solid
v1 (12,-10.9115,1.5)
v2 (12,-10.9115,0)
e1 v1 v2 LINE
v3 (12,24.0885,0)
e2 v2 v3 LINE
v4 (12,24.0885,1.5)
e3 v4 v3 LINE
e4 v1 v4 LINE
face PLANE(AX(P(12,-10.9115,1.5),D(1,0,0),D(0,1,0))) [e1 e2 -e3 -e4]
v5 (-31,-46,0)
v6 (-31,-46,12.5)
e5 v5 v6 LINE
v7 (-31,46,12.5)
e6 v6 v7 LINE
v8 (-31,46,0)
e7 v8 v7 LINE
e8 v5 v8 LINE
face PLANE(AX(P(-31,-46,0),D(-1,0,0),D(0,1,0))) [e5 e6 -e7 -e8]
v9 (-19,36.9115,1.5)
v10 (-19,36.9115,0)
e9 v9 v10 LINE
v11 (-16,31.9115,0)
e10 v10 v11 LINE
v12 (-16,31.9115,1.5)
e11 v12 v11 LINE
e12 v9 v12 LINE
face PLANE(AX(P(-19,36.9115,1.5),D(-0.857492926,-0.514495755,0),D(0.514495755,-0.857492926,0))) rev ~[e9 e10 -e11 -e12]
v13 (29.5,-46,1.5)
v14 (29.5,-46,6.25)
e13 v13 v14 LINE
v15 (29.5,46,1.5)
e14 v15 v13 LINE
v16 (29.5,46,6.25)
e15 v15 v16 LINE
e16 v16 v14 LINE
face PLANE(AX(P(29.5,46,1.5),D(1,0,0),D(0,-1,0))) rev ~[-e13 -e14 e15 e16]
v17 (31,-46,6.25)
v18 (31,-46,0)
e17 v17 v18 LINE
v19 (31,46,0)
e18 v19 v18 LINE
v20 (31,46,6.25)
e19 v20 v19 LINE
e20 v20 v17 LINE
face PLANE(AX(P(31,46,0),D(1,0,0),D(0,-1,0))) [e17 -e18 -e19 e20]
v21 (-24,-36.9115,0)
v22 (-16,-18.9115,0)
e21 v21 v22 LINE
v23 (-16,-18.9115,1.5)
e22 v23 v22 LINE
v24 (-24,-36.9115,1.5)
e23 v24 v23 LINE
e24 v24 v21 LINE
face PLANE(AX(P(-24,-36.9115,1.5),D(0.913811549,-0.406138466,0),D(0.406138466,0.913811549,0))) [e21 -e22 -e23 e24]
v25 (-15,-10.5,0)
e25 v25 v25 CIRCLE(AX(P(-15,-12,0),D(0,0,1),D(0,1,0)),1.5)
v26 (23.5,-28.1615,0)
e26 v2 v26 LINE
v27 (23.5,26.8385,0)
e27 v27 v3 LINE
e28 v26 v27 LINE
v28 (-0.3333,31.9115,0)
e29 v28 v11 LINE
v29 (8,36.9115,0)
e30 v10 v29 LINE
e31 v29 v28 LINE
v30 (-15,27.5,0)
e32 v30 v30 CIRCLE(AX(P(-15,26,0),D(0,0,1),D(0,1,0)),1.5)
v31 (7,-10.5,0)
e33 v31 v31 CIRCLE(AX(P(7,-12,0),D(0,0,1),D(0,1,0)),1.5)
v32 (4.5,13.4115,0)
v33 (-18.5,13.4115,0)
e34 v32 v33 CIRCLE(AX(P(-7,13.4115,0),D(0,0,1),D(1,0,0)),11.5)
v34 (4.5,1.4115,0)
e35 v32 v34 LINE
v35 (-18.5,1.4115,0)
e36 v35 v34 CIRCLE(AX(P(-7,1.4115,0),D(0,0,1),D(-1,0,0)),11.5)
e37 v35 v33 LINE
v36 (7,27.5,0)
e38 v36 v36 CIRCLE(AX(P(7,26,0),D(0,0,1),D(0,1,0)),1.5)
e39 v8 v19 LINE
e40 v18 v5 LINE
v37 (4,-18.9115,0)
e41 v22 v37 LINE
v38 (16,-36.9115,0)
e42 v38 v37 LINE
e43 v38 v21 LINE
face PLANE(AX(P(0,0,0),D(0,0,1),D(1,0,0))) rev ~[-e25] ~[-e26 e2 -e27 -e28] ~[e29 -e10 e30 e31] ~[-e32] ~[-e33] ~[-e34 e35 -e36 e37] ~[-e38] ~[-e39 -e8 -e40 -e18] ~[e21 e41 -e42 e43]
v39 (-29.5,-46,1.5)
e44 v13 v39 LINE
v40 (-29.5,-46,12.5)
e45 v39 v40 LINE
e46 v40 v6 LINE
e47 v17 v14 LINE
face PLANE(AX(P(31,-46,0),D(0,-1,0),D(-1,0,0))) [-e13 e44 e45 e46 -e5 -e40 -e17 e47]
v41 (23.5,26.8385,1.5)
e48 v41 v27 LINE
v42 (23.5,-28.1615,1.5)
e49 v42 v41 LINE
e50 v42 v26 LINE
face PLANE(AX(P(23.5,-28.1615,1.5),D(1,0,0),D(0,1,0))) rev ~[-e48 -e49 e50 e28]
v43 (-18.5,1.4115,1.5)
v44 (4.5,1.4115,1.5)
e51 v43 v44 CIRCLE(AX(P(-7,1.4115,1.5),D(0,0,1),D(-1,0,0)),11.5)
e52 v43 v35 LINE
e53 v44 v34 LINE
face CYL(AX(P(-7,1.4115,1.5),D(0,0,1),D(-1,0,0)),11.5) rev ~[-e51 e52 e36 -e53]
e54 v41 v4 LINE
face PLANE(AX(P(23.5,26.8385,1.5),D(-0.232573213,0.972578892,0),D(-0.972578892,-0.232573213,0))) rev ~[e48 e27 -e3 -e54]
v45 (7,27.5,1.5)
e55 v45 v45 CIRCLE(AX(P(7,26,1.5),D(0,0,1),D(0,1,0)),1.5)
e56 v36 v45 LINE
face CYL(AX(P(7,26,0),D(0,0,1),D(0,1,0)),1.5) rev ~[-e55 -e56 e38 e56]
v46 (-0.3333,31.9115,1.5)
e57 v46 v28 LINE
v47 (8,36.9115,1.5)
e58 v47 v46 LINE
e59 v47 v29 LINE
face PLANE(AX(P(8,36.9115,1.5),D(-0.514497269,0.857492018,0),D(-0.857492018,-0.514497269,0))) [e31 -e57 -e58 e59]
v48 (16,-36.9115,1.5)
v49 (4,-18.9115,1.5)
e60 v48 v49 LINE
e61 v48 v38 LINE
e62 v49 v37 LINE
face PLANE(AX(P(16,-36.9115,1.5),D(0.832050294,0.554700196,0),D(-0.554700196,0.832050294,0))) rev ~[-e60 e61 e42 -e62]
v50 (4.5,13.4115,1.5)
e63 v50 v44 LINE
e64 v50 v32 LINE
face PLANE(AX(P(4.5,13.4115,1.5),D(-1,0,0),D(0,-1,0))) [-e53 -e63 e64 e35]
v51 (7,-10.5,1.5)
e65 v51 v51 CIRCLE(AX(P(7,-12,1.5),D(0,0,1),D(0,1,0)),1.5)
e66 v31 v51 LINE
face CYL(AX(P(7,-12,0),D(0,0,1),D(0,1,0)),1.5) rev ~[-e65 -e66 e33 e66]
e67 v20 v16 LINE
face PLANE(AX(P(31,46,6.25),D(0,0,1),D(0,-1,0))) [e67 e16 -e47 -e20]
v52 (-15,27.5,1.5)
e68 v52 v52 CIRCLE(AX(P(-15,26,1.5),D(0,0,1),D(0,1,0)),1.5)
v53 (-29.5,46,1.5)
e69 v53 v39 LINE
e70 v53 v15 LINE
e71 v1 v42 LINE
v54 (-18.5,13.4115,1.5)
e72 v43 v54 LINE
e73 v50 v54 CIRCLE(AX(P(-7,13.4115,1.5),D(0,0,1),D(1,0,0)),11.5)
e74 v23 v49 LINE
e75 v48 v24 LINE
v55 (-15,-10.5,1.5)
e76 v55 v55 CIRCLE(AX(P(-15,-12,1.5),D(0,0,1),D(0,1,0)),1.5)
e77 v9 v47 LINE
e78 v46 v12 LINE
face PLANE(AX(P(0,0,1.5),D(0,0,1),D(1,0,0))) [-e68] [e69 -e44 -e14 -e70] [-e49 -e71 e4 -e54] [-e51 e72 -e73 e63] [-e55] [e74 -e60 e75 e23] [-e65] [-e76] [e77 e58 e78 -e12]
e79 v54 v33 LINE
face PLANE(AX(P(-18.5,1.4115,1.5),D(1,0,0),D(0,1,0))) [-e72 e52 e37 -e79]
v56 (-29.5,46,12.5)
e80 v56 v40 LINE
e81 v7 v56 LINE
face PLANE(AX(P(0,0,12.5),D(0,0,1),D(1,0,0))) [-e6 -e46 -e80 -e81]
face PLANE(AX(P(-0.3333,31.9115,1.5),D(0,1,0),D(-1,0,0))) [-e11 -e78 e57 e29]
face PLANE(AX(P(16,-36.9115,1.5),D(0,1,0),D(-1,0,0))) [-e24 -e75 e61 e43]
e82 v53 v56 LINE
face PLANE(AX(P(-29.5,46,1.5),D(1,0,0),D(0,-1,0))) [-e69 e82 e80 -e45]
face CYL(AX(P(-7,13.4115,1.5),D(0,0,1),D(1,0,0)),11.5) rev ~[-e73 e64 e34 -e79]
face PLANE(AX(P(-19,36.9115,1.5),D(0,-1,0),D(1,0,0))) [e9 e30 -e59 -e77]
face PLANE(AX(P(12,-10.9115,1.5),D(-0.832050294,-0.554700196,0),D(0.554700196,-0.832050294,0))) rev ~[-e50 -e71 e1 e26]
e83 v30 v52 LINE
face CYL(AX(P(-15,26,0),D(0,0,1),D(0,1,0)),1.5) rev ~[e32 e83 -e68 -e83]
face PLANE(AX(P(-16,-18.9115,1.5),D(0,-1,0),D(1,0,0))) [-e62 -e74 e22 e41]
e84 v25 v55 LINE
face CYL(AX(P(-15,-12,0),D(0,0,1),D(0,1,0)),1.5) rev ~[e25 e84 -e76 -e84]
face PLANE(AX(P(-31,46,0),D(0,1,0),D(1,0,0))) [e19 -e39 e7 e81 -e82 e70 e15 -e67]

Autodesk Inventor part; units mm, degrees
ref_plane "YZ Plane" through (0, 0, 0) normal (1, 0, 0) x (0, 1, 0)
ref_plane "XZ Plane" through (0, 0, 0) normal (0, 1, 0) x (-1, 0, 0)
ref_plane "XY Plane" through (0, 0, 0) normal (0, 0, 1) x (1, 0, 0)
sketch "スケッチ1" plane through (0, 0, 0) normal (0, 0, 1) x (1, 0, 0)
  line L0 (-31, 46) -> (31, 46)
  line L1 (31, 46) -> (31, -46)
  line L2 (31, -46) -> (-31, -46)
  line L3 (-31, -46) -> (-31, 46)
  point P0 (0, 0)
  dimension "d0" = 92
  dimension "d1" = 46
  dimension "d2" = 62
  dimension "d3" = 31
extrude "押し出し1" add sketch "スケッチ1" along normal blind 1.5
sketch "スケッチ3" plane through (0, 0, 0) normal (0, 0, -1) x (-1, 0, 0)
  circle A0 centre (-7, 26) radius 1.5
  circle A1 centre (15, 26) radius 1.5
  circle A2 centre (-7, -12) radius 1.5
  circle A3 centre (15, -12) radius 1.5
  line L0 (31, 46) -> (-31, 46) projected
  line L1 (31, -46) -> (31, 46) projected
  point P0 (0, 0)
  dimension "d10" = 3
  dimension "d11" = 22
  dimension "d12" = 22
  dimension "d15" = 38
  dimension "d16" = 38
  dimension "d35" = 20
  dimension "d36" = 20
  dimension "d44" = 16
  dimension "d45" = 16
hole "穴1" at (-15, -12, 0) at (-15, 26, 0) at (7, 26, 0) at (7, -12, 0) direction (0, 0, 1) diameter 3 end through all
sketch "スケッチ4" plane through (0, 0, 1.5) normal (0, 0, 1) x (1, 0, 0)
  line L0 (-31, -46) -> (-31, 46) projected
  line L1 (31, -46) -> (-31, -46) projected
  line L2 (-31, 46) -> (-29.5, 46)
  line L3 (-29.5, 46) -> (-29.5, -46)
  line L4 (-29.5, -46) -> (-31, -46)
  line L5 (-31, -46) -> (-31, 46)
  line L6 (31, 46) -> (29.5, 46)
  line L7 (29.5, 46) -> (29.5, -46)
  line L8 (29.5, -46) -> (31, -46)
  line L9 (31, -46) -> (31, 46)
  point P0 (0, 0)
  dimension "d37" = 59
  dimension "d39" = 1.5
extrude "押し出し3" add sketch "スケッチ4" along normal blind 11
sketch "スケッチ6" plane through (31, -46, 0) normal (1, 0, 0) x (0, 0, -1)
  line L0 (0, 0) -> (-12.5, 0) projected
  line L1 (-12.5, 92) -> (-6.25, 92)
  line L2 (-6.25, 92) -> (-6.25, 0)
  line L3 (-6.25, 0) -> (-12.5, 0)
  line L4 (-12.5, 0) -> (-12.5, 92)
  point P0 (0, 46)
extrude "押し出し5" cut sketch "スケッチ6" against normal blind 1.5
sketch "スケッチ7" plane through (0, 0, 1.5) normal (0, 0, 1) x (1, 0, 0)
  line L0 (-29.5, 46) -> (-29.5, -46) projected
  line L1 (29.5, -46) -> (29.5, 46) projected
  line L2 (4.5, 13.4115) -> (4.5, 1.4115)
  line L3 (-18.5, 1.4115) -> (-18.5, 13.4115)
  line L4 (-19, 36.9115) -> (8, 36.9115)
  line L5 (-0.3333, 31.9115) -> (-16, 31.9115)
  line L6 (-16, -18.9115) -> (4, -18.9115)
  line L7 (16, -36.9115) -> (-24, -36.9115)
  line L8 (-24, -36.9115) -> (-16, -18.9115)
  line L9 (16, -36.9115) -> (4, -18.9115)
  line L10 (31, 18.1628) -> (29.5, 17.5573)
  line L11 (-19, 36.9115) -> (-16, 31.9115)
  line L12 (8, 36.9115) -> (-0.3333, 31.9115)
  arc A0 (-18.5, 1.4115) -> (4.5, 1.4115) centre (-7, 1.4115) ccw
  arc A1 (4.5, 13.4115) -> (-18.5, 13.4115) centre (-7, 13.4115) ccw
  line L13 (31, 46) -> (31, -46) projected
  line L14 (12, -10.9115) -> (23.5, -28.1615)
  line L15 (23.5, -28.1615) -> (23.5, 26.8385)
  line L16 (23.5, 26.8385) -> (12, 24.0885)
  line L17 (12, -10.9115) -> (12, 24.0885)
  line L18 (29.5, -46) -> (29.5, 46) projected
  line L19 (-29.5, 46) -> (29.5, 46) projected
  line L20 (29.5, -46) -> (-29.5, -46) projected
  point P0 (0, 0)
  point P1 (-31, 0)
  point P2 (31, 43.9415)
  point P3 (31, -43.9415)
  point P4 (29.5, -43.9415)
  point P5 (29.5, 43.9415)
  dimension "d62" = 12
  dimension "d63" = 11.5
  dimension "d64" = 11.5
  dimension "d65" = 23
  dimension "d70" = 5
  dimension "d72" = 18
  dimension "d73" = 27
  dimension "d78" = 13.5
  dimension "d79" = 10.5
  dimension "d80" = 11
  dimension "d89" = 40
  dimension "d92" = 20
  dimension "d114" = 35
  dimension "d115" = 55
  dimension "d118" = 11.5
  dimension "d119" = 6
  dimension "d125" = 9.0885
  dimension "d126" = 9.0885
  dimension "d127" = 47.4115
  dimension "d128" = 21.9115
  dimension "d129" = 38
  dimension "d130" = 27
  dimension "d131" = 15
  dimension "d132" = 38
extrude "押し出し6" cut sketch "スケッチ7" against normal blind 1.5 contours L2 A0 L3 A1 | L4 L12 L5 L11 | L6 L9 L7 L8 | L17 L16 L15 L14
properties part number "16" material "アルミニウム 6061"
